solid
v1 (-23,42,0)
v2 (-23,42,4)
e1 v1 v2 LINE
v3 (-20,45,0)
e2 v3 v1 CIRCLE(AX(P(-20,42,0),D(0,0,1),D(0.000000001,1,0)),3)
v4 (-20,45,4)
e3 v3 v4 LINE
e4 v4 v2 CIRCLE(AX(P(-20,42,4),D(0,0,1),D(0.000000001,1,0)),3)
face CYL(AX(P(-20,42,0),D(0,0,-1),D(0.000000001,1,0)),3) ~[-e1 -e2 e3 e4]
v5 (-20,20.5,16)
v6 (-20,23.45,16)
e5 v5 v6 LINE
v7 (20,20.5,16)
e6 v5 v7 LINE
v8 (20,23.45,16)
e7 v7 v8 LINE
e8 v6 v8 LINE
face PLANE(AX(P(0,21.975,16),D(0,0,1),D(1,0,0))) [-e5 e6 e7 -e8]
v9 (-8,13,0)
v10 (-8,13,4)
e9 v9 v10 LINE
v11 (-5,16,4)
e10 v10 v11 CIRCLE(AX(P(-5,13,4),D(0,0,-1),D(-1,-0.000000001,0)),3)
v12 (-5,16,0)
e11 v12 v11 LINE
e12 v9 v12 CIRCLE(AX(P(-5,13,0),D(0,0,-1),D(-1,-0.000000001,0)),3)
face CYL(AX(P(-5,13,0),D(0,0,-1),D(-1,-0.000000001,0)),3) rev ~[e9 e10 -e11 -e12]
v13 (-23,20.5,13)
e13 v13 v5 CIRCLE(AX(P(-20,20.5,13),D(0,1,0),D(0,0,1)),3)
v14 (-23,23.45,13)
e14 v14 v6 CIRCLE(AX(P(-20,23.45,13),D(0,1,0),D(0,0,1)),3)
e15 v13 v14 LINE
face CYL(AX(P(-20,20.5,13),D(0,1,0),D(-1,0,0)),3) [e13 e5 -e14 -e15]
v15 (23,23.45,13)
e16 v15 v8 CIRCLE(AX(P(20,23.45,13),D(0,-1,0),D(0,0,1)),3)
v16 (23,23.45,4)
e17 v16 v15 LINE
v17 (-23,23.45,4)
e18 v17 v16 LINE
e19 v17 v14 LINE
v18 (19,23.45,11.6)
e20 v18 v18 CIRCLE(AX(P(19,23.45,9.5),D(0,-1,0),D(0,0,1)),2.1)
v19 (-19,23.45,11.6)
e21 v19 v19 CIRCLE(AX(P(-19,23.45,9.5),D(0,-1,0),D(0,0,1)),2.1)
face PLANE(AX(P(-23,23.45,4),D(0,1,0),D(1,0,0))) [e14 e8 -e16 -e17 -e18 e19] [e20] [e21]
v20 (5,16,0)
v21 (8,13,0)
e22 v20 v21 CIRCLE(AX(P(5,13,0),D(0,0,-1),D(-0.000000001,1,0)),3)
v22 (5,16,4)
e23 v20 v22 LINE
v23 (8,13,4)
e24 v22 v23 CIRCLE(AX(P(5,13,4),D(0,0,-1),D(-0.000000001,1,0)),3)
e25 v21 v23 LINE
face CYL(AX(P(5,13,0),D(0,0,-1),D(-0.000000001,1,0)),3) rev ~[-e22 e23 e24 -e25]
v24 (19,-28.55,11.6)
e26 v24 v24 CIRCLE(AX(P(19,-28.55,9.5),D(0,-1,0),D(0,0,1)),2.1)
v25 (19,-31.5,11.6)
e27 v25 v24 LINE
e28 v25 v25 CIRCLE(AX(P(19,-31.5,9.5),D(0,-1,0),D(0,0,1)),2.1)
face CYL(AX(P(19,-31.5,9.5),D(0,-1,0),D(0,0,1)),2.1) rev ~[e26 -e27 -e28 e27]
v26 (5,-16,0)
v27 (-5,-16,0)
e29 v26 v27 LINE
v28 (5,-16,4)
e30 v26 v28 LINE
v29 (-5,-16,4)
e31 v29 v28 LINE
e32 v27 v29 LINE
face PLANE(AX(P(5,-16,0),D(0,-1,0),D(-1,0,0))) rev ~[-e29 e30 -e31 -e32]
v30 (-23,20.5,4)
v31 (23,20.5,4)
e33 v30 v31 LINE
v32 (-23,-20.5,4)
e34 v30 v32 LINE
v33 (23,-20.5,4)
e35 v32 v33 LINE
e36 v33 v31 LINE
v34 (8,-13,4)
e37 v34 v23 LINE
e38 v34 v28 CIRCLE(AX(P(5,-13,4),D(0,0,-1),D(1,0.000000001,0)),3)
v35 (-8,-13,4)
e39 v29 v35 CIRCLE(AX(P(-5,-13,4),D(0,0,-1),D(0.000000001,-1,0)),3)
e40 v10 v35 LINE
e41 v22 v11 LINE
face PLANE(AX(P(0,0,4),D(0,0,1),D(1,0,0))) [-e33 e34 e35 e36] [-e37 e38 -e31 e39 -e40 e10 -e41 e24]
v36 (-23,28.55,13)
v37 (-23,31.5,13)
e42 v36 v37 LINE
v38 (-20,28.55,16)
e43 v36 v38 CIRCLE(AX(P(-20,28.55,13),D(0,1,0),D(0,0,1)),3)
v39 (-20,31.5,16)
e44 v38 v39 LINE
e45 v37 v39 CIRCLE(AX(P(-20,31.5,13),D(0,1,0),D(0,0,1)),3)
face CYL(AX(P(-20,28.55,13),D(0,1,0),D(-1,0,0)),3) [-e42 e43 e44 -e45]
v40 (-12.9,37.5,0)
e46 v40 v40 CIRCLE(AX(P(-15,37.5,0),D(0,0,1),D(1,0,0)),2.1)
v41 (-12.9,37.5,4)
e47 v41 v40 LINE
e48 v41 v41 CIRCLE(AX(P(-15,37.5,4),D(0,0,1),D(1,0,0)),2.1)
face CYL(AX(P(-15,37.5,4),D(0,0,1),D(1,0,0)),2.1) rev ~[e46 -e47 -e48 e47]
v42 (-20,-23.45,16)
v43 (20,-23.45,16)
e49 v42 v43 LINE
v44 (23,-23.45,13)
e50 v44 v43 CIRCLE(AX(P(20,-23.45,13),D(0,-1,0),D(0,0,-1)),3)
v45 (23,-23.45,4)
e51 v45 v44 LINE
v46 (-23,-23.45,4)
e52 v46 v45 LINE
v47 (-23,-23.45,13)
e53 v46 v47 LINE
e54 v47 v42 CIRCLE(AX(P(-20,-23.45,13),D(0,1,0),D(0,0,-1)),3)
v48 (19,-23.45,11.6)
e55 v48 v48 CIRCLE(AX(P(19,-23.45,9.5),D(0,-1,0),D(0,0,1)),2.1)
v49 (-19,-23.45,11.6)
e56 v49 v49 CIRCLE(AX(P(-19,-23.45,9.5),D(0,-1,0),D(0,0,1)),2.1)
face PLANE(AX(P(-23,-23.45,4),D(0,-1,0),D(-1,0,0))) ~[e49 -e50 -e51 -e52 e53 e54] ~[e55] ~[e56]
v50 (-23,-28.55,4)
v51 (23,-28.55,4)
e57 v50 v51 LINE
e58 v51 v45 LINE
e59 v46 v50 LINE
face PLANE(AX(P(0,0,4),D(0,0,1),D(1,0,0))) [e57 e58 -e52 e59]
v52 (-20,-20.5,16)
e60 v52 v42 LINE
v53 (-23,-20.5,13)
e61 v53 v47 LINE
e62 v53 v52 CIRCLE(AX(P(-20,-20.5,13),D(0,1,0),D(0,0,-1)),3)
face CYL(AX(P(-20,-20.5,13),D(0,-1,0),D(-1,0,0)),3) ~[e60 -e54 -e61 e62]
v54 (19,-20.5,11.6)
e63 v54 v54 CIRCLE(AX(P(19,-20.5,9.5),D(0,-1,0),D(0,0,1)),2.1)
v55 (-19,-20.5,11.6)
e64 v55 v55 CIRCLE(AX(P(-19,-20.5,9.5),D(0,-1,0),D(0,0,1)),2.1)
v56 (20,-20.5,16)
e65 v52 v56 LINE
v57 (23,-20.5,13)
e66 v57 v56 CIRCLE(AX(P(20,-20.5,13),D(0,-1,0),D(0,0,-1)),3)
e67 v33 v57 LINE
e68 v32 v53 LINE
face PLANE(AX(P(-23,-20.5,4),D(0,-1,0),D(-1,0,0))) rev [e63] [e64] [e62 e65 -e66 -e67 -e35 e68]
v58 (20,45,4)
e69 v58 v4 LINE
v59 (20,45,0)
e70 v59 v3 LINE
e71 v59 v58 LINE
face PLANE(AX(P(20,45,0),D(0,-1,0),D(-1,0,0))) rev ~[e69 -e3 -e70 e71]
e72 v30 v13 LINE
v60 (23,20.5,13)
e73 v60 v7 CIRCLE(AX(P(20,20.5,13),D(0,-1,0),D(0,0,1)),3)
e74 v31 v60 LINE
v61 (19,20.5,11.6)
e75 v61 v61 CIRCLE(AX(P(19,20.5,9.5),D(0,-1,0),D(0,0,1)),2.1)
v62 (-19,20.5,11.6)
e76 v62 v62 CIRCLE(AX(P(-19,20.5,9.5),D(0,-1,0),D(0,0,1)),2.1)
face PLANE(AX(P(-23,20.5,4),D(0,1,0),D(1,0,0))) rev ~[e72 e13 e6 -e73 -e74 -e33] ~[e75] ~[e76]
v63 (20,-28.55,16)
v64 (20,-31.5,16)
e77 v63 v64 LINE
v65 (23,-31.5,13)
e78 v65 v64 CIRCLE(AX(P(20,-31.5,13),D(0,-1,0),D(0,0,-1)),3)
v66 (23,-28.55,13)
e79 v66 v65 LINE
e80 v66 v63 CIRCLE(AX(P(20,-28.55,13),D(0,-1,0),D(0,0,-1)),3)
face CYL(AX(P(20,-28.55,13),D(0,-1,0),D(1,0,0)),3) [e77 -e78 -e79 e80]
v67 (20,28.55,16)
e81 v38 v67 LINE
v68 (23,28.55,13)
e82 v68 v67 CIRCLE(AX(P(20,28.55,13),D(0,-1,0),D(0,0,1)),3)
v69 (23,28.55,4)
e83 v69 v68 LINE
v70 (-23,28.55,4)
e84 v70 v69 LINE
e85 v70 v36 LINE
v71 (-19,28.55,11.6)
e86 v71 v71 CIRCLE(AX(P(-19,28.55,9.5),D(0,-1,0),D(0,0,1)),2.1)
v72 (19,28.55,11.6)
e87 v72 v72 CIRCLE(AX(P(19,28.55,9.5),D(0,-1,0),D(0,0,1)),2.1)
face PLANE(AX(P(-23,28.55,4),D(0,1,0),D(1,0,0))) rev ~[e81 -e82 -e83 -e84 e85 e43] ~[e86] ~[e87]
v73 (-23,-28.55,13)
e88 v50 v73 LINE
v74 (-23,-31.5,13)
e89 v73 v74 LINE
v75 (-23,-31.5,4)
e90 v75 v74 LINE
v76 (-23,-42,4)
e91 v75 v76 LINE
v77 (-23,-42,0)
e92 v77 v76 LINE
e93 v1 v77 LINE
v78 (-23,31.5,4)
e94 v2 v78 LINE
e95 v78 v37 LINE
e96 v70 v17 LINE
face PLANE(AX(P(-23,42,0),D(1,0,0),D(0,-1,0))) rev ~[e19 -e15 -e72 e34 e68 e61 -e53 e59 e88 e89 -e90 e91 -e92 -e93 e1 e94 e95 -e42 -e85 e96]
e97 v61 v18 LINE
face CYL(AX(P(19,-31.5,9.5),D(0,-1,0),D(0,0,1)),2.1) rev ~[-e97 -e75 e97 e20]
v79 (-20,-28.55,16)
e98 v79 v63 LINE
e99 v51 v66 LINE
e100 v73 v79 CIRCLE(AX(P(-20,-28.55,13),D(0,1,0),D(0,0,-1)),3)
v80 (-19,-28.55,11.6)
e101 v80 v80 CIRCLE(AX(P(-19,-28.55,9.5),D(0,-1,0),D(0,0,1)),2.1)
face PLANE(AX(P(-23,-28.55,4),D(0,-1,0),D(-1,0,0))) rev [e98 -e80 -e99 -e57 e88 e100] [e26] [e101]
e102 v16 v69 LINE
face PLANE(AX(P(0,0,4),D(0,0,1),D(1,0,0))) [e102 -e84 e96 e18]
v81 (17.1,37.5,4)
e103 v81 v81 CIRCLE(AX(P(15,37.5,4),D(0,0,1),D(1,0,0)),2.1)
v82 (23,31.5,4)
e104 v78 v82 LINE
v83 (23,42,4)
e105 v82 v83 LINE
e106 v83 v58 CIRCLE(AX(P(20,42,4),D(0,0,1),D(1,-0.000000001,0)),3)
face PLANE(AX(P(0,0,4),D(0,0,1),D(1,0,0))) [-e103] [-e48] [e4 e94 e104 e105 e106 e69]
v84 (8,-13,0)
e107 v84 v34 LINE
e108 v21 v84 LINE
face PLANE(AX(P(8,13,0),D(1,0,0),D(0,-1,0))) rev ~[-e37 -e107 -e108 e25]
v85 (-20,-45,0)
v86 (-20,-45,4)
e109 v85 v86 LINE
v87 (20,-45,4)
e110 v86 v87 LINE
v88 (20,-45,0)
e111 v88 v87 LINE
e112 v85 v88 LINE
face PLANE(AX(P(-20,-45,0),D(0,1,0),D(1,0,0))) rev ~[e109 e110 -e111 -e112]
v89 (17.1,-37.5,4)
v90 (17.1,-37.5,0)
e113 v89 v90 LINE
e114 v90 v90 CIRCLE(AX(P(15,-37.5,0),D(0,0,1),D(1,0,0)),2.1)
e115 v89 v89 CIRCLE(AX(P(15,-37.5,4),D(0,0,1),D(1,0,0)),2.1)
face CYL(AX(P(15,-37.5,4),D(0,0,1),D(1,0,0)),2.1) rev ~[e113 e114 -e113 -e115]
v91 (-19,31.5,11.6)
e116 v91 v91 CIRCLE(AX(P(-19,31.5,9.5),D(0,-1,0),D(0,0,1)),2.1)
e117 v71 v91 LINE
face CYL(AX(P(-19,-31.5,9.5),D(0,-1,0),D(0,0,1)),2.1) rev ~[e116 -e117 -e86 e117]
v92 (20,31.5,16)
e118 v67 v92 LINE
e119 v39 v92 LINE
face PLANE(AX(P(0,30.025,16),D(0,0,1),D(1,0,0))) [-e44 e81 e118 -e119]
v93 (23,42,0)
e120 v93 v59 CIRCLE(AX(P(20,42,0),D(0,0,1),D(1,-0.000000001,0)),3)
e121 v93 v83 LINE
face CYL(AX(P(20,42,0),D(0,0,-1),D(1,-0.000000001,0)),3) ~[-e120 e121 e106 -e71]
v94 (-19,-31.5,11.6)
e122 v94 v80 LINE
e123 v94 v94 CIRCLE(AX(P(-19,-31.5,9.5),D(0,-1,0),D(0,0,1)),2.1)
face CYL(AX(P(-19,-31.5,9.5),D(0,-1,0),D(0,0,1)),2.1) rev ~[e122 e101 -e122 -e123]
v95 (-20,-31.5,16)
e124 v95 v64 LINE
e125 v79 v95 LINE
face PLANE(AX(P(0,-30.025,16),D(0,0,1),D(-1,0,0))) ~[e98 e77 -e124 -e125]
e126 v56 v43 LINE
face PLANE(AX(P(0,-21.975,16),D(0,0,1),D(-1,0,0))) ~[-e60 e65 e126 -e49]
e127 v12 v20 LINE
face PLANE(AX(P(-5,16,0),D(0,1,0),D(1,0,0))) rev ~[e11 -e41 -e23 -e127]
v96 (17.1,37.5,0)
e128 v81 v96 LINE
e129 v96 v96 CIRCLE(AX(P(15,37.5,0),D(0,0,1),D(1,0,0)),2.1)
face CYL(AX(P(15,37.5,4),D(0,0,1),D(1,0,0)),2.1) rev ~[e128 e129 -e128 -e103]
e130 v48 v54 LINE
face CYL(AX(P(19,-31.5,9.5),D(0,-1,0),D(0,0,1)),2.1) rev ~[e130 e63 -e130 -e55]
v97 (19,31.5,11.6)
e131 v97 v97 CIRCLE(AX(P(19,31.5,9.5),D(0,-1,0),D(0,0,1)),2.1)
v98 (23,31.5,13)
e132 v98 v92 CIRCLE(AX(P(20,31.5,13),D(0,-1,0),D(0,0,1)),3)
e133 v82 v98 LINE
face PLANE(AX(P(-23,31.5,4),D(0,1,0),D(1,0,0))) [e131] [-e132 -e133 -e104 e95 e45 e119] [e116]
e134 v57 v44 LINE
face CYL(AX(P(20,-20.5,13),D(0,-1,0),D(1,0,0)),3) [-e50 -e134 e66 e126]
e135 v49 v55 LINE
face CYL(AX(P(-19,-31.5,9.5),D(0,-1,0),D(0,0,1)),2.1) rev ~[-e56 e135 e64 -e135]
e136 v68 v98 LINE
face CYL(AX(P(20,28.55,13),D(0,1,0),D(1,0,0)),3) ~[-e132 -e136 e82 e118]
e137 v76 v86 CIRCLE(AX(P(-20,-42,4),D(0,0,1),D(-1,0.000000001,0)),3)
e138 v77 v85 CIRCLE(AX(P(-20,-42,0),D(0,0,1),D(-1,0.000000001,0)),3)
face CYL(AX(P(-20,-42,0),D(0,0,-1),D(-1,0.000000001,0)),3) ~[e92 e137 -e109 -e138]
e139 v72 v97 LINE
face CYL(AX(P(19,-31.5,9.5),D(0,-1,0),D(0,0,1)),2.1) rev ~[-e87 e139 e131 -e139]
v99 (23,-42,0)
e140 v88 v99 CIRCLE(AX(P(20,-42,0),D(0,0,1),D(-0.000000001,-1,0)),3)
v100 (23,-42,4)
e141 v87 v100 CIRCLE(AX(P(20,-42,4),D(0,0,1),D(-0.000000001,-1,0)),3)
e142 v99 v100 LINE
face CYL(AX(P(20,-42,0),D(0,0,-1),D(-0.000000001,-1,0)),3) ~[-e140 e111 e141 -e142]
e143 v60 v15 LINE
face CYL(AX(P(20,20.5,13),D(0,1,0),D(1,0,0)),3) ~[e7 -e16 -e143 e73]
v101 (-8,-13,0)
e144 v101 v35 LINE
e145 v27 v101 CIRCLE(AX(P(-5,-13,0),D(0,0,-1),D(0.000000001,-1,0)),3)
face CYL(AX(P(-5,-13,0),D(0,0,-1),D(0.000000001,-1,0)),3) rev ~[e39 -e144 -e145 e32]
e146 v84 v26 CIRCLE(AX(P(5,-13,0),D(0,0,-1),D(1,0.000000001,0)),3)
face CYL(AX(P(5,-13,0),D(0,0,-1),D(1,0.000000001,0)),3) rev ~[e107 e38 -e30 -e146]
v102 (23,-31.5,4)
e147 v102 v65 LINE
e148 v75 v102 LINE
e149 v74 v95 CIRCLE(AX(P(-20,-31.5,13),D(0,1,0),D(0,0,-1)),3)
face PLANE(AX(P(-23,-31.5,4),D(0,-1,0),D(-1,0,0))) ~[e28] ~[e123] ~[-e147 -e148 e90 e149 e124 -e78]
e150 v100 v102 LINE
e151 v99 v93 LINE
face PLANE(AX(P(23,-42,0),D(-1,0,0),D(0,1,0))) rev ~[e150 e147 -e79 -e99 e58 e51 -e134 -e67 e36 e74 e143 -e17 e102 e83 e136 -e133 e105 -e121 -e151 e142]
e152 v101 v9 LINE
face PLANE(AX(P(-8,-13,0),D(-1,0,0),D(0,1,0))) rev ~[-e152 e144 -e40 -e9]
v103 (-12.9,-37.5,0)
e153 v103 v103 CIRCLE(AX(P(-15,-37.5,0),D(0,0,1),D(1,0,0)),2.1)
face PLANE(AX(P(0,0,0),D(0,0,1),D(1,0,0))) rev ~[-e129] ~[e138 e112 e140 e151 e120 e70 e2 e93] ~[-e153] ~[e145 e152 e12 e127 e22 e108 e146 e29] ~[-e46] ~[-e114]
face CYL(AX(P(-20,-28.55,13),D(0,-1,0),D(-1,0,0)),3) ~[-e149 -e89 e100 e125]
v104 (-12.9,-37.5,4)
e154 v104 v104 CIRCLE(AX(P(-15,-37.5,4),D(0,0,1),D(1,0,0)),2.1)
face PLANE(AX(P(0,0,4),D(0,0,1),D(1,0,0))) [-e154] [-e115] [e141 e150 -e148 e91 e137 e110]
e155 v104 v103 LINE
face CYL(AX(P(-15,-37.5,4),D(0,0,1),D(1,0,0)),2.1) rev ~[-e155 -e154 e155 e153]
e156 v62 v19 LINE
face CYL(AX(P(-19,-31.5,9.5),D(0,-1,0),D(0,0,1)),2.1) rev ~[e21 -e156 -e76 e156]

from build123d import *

# Parameters (mm, degrees)
EXTRUDE_1_DEPTH     = 4
SKETCH_2_R          = 2.1
CUT_EXTRUDE_1_DEPTH = 4
SKETCH_3_W          = 46
SKETCH_3_H          = 2.95
EXTRUDE_2_DEPTH     = 12
FILLET_1_R          = 3
SKETCH_4_R          = 2.1
CUT_EXTRUDE_2_DEPTH = 82.469319379
CUT_EXTRUDE_3_DEPTH = 10


with BuildPart() as part:
    # 草图1 → 凸台-拉伸1 (new body)
    with BuildSketch(Plane.XY):
        with BuildLine():
            Line((-20, -45), (20, -45))
            ThreePointArc((20, -45), (22.121320344, -44.121320344), (23, -42))
            Line((23, -42), (23, 42))
            ThreePointArc((23, 42), (22.121320344, 44.121320344), (20, 45))
            Line((20, 45), (-20, 45))
            ThreePointArc((-20, 45), (-22.121320344, 44.121320344), (-23, 42))
            Line((-23, 42), (-23, -42))
            ThreePointArc((-23, -42), (-22.121320344, -44.121320344), (-20, -45))
        make_face()
    extrude(amount=EXTRUDE_1_DEPTH)

    # 草图2 → 切除-拉伸1 (cut)
    with BuildSketch(Plane.XY.offset(4)):
        with Locations((15, -37.5)):
            Circle(SKETCH_2_R)
        with Locations((-15, -37.5)):
            Circle(SKETCH_2_R)
        with Locations((-15, 37.5)):
            Circle(SKETCH_2_R)
        with Locations((15, 37.5)):
            Circle(SKETCH_2_R)
    extrude(amount=-CUT_EXTRUDE_1_DEPTH, mode=Mode.SUBTRACT)

    # 草图3 → 凸台-拉伸2 (add)
    with BuildSketch(Plane.XY.offset(4)):
        with Locations((0, 30.025)):
            Rectangle(SKETCH_3_W, SKETCH_3_H)
        with Locations((0, 21.975)):
            Rectangle(SKETCH_3_W, SKETCH_3_H)
    extrude_2 = extrude(amount=EXTRUDE_2_DEPTH)

    # 镜向1: 凸台-拉伸2 across plane
    add(extrude_2.mirror(Plane.ZX))

    # 圆角1
    fillet_1_edges = [part.edges().sort_by_distance(p)[0] for p in [
        (-23, 30.025, 16),
        (23, 30.025, 16),
        (-23, 21.975, 16),
        (23, 21.975, 16),
        (-23, -30.025, 16),
        (23, -30.025, 16),
        (23, -21.975, 16),
        (-23, -21.975, 16),
    ]]
    fillet(fillet_1_edges, radius=FILLET_1_R)

    # 草图4 → 切除-拉伸2 (cut, through all)
    with BuildSketch(Plane.XZ.offset(31.5)):
        with Locations(Location((19, 9.5, 0), (0, 0, 90))):
            Circle(SKETCH_4_R)
        with Locations(Location((-19, 9.5, 0), (0, 0, 90))):
            Circle(SKETCH_4_R)
    extrude(amount=-CUT_EXTRUDE_2_DEPTH, mode=Mode.SUBTRACT)

    # 草图5 → 切除-拉伸3 (cut)
    with BuildSketch(Plane(origin=(0, 0, 0), x_dir=(-1, 0, 0), z_dir=(0, 0, -1))):
        with BuildLine():
            Line((-5, -16), (5, -16))
            ThreePointArc((5, -16), (7.121320344, -15.121320344), (8, -13))
            Line((8, -13), (8, 13))
            ThreePointArc((8, 13), (7.121320344, 15.121320344), (5, 16))
            Line((5, 16), (-5, 16))
            ThreePointArc((-5, 16), (-7.121320344, 15.121320344), (-8, 13))
            Line((-8, 13), (-8, -13))
            ThreePointArc((-8, -13), (-7.121320344, -15.121320344), (-5, -16))
        make_face()
    extrude(amount=-CUT_EXTRUDE_3_DEPTH, mode=Mode.SUBTRACT)


solid = part.part
